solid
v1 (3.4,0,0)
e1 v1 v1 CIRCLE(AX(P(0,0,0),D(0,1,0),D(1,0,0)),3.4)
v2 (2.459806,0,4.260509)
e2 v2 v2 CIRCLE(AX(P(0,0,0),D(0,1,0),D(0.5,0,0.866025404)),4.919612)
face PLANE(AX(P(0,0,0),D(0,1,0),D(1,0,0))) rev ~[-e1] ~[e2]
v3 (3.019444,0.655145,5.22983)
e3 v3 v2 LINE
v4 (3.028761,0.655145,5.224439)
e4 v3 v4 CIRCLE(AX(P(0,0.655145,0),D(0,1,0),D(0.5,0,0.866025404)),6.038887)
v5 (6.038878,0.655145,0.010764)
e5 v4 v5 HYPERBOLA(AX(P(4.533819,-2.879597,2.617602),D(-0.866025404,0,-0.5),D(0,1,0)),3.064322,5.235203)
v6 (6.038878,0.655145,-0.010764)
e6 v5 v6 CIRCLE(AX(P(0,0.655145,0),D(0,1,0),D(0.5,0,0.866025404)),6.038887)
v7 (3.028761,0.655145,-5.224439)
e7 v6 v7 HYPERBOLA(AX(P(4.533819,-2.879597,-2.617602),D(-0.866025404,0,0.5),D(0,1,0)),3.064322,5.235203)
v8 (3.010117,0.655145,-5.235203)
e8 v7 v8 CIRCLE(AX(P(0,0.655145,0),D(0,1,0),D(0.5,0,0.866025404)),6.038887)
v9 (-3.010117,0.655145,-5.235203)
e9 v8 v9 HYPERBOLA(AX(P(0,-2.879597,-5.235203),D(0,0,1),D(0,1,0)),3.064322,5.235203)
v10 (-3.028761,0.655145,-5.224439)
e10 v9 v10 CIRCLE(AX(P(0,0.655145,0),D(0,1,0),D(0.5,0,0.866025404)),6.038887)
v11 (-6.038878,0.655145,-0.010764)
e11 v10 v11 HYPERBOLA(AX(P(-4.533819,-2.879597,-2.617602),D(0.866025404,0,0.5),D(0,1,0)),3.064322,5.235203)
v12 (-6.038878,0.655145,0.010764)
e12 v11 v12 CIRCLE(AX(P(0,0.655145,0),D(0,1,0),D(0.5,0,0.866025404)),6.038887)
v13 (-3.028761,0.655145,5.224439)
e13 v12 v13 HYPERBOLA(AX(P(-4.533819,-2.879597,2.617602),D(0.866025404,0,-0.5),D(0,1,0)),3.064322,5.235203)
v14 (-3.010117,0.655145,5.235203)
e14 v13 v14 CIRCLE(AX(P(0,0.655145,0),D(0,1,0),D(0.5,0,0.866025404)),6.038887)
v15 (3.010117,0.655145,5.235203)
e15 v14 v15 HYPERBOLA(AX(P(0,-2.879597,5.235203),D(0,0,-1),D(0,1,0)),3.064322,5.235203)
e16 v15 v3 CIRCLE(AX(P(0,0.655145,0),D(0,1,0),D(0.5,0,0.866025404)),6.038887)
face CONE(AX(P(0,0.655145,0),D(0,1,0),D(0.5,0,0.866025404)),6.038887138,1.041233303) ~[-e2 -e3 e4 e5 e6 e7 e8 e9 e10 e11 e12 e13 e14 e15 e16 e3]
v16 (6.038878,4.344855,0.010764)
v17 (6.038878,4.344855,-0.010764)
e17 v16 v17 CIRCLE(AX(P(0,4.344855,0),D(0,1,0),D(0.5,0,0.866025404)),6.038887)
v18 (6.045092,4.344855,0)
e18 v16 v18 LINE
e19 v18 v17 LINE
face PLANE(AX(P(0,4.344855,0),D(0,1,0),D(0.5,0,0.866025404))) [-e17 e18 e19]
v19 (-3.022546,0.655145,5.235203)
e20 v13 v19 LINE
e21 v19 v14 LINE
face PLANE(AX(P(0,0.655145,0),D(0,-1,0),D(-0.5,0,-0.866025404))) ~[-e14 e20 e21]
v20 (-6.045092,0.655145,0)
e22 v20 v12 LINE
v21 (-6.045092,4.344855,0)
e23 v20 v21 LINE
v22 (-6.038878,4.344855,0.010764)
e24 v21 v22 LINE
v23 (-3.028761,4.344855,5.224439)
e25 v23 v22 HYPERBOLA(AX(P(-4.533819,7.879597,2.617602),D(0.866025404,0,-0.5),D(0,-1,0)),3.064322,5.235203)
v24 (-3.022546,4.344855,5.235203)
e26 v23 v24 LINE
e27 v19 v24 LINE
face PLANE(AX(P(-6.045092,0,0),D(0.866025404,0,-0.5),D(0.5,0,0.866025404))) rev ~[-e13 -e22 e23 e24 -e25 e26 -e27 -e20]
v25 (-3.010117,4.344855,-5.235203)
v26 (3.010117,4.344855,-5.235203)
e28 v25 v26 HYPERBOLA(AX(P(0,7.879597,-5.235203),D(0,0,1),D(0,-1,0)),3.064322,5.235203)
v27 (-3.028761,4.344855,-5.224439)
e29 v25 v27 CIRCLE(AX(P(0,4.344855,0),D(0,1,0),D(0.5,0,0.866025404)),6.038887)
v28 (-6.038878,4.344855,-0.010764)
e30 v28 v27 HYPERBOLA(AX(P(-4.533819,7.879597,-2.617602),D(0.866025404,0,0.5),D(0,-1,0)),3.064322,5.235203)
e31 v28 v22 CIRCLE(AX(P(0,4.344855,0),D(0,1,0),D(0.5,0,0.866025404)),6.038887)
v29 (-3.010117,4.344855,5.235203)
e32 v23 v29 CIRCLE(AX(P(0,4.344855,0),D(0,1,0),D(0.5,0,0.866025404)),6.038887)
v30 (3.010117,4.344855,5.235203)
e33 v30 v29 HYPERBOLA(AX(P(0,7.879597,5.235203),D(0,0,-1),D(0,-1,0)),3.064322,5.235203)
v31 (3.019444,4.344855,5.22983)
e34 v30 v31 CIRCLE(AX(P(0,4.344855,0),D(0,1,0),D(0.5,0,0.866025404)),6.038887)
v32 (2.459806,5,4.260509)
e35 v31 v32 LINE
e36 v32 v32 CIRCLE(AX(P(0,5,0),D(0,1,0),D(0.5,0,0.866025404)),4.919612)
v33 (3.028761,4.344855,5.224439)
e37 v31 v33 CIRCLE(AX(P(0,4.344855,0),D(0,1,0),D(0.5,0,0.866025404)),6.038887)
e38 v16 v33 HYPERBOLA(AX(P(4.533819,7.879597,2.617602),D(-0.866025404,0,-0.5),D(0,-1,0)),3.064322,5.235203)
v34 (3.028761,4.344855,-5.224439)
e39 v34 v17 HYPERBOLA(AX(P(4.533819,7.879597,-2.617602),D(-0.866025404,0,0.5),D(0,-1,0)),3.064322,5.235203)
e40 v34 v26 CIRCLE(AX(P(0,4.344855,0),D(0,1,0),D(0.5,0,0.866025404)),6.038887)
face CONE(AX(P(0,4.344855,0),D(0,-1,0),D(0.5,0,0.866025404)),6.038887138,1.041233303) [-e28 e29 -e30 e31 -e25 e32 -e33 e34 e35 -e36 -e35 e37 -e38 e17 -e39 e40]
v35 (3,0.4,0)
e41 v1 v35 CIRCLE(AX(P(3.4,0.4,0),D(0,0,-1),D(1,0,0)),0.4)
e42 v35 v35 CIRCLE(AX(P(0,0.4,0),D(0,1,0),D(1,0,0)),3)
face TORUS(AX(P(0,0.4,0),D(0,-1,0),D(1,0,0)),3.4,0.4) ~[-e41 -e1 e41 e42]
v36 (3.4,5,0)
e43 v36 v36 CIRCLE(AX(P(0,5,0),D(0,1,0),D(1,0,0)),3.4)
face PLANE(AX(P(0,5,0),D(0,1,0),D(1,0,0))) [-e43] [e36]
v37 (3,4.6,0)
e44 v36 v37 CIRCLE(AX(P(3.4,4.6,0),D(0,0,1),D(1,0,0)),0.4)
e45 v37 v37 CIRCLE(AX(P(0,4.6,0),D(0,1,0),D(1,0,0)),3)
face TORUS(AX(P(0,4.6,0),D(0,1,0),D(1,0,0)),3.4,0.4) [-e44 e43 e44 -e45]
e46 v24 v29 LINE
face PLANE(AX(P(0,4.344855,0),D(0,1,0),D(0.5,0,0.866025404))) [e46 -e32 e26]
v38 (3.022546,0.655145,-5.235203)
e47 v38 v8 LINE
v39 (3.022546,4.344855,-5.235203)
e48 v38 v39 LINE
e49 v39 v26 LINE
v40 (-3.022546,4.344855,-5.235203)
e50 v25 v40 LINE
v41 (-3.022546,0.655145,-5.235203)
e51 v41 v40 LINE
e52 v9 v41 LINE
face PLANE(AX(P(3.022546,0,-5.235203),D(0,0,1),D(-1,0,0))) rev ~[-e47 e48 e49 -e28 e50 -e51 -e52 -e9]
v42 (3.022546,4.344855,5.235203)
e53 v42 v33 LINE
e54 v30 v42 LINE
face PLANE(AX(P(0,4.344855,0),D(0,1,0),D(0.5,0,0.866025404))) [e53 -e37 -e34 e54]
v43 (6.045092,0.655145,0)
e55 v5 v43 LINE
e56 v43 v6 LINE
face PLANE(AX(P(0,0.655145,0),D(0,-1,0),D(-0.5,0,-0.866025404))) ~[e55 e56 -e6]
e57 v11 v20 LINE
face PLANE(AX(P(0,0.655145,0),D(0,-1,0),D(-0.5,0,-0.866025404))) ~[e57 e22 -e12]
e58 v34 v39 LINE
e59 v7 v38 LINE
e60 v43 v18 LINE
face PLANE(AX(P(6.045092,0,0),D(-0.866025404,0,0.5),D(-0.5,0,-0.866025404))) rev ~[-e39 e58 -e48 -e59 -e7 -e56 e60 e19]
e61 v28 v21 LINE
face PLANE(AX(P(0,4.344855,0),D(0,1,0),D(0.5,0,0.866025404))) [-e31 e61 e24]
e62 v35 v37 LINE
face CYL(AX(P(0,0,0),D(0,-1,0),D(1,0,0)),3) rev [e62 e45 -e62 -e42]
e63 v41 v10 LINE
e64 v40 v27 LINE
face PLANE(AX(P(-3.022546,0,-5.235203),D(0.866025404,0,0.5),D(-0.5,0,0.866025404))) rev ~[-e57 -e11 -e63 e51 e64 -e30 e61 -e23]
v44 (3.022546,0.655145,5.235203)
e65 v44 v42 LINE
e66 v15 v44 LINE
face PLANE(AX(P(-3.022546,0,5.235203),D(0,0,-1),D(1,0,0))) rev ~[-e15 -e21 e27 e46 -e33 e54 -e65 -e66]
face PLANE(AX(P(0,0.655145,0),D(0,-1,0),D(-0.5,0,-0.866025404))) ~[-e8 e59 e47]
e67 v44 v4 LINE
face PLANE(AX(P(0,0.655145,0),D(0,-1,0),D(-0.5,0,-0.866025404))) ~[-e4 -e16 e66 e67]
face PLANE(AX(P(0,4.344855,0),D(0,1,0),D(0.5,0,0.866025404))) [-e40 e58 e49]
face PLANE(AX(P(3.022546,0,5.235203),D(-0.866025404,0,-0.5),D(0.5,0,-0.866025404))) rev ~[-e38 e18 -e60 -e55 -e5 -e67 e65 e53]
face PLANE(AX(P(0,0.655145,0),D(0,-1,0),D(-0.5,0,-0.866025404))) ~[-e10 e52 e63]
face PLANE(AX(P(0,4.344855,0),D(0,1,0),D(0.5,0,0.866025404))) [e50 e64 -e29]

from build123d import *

# Parameters (mm, degrees)
SKETCH1_R           = 3
BOSS_EXTRUDE1_DEPTH = 5
FILLET1_R           = 0.4


with BuildPart() as part:
    # Sketch1 → Boss-Extrude1 (new body)
    with BuildSketch(Plane(origin=(0, 0, 0), x_dir=(1, 0, 0), z_dir=(0, 1, 0))):
        Polygon((6.0450921, 0), (3.02254605, 5.235203327), (-3.02254605, 5.235203327), (-6.0450921, 0), (-3.02254605, -5.235203327), (3.02254605, -5.235203327), align=None)
        Circle(SKETCH1_R, mode=Mode.SUBTRACT)
    extrude(amount=BOSS_EXTRUDE1_DEPTH)

    # Sketch2 → Cut-Revolve1 (revolve, cut)
    with BuildSketch(Plane(origin=(0, 0, 0), x_dir=(-0.5, 0, -0.866025404), z_dir=(0.866025404, 0, -0.5))):
        Polygon((-6.389496142, 4.34485452), (-6.038887138, 4.34485452), (-4.919612053, 5), (-6.274952166, 5.0992455), align=None)
    cut_revolve1 = revolve(axis=Axis((0, 0, 0), (0, 1, 0)), mode=Mode.SUBTRACT)

    # Mirror1: Cut-Revolve1 across plane
    add(cut_revolve1.mirror(Plane.ZX.offset(2.5)), mode=Mode.SUBTRACT)

    # Fillet1
    fillet1_edges = [part.edges().sort_by_distance(p)[0] for p in [
        (-3, 0, 0),
        (-3, 5, 0),
    ]]
    fillet(fillet1_edges, radius=FILLET1_R)


solid = part.part
